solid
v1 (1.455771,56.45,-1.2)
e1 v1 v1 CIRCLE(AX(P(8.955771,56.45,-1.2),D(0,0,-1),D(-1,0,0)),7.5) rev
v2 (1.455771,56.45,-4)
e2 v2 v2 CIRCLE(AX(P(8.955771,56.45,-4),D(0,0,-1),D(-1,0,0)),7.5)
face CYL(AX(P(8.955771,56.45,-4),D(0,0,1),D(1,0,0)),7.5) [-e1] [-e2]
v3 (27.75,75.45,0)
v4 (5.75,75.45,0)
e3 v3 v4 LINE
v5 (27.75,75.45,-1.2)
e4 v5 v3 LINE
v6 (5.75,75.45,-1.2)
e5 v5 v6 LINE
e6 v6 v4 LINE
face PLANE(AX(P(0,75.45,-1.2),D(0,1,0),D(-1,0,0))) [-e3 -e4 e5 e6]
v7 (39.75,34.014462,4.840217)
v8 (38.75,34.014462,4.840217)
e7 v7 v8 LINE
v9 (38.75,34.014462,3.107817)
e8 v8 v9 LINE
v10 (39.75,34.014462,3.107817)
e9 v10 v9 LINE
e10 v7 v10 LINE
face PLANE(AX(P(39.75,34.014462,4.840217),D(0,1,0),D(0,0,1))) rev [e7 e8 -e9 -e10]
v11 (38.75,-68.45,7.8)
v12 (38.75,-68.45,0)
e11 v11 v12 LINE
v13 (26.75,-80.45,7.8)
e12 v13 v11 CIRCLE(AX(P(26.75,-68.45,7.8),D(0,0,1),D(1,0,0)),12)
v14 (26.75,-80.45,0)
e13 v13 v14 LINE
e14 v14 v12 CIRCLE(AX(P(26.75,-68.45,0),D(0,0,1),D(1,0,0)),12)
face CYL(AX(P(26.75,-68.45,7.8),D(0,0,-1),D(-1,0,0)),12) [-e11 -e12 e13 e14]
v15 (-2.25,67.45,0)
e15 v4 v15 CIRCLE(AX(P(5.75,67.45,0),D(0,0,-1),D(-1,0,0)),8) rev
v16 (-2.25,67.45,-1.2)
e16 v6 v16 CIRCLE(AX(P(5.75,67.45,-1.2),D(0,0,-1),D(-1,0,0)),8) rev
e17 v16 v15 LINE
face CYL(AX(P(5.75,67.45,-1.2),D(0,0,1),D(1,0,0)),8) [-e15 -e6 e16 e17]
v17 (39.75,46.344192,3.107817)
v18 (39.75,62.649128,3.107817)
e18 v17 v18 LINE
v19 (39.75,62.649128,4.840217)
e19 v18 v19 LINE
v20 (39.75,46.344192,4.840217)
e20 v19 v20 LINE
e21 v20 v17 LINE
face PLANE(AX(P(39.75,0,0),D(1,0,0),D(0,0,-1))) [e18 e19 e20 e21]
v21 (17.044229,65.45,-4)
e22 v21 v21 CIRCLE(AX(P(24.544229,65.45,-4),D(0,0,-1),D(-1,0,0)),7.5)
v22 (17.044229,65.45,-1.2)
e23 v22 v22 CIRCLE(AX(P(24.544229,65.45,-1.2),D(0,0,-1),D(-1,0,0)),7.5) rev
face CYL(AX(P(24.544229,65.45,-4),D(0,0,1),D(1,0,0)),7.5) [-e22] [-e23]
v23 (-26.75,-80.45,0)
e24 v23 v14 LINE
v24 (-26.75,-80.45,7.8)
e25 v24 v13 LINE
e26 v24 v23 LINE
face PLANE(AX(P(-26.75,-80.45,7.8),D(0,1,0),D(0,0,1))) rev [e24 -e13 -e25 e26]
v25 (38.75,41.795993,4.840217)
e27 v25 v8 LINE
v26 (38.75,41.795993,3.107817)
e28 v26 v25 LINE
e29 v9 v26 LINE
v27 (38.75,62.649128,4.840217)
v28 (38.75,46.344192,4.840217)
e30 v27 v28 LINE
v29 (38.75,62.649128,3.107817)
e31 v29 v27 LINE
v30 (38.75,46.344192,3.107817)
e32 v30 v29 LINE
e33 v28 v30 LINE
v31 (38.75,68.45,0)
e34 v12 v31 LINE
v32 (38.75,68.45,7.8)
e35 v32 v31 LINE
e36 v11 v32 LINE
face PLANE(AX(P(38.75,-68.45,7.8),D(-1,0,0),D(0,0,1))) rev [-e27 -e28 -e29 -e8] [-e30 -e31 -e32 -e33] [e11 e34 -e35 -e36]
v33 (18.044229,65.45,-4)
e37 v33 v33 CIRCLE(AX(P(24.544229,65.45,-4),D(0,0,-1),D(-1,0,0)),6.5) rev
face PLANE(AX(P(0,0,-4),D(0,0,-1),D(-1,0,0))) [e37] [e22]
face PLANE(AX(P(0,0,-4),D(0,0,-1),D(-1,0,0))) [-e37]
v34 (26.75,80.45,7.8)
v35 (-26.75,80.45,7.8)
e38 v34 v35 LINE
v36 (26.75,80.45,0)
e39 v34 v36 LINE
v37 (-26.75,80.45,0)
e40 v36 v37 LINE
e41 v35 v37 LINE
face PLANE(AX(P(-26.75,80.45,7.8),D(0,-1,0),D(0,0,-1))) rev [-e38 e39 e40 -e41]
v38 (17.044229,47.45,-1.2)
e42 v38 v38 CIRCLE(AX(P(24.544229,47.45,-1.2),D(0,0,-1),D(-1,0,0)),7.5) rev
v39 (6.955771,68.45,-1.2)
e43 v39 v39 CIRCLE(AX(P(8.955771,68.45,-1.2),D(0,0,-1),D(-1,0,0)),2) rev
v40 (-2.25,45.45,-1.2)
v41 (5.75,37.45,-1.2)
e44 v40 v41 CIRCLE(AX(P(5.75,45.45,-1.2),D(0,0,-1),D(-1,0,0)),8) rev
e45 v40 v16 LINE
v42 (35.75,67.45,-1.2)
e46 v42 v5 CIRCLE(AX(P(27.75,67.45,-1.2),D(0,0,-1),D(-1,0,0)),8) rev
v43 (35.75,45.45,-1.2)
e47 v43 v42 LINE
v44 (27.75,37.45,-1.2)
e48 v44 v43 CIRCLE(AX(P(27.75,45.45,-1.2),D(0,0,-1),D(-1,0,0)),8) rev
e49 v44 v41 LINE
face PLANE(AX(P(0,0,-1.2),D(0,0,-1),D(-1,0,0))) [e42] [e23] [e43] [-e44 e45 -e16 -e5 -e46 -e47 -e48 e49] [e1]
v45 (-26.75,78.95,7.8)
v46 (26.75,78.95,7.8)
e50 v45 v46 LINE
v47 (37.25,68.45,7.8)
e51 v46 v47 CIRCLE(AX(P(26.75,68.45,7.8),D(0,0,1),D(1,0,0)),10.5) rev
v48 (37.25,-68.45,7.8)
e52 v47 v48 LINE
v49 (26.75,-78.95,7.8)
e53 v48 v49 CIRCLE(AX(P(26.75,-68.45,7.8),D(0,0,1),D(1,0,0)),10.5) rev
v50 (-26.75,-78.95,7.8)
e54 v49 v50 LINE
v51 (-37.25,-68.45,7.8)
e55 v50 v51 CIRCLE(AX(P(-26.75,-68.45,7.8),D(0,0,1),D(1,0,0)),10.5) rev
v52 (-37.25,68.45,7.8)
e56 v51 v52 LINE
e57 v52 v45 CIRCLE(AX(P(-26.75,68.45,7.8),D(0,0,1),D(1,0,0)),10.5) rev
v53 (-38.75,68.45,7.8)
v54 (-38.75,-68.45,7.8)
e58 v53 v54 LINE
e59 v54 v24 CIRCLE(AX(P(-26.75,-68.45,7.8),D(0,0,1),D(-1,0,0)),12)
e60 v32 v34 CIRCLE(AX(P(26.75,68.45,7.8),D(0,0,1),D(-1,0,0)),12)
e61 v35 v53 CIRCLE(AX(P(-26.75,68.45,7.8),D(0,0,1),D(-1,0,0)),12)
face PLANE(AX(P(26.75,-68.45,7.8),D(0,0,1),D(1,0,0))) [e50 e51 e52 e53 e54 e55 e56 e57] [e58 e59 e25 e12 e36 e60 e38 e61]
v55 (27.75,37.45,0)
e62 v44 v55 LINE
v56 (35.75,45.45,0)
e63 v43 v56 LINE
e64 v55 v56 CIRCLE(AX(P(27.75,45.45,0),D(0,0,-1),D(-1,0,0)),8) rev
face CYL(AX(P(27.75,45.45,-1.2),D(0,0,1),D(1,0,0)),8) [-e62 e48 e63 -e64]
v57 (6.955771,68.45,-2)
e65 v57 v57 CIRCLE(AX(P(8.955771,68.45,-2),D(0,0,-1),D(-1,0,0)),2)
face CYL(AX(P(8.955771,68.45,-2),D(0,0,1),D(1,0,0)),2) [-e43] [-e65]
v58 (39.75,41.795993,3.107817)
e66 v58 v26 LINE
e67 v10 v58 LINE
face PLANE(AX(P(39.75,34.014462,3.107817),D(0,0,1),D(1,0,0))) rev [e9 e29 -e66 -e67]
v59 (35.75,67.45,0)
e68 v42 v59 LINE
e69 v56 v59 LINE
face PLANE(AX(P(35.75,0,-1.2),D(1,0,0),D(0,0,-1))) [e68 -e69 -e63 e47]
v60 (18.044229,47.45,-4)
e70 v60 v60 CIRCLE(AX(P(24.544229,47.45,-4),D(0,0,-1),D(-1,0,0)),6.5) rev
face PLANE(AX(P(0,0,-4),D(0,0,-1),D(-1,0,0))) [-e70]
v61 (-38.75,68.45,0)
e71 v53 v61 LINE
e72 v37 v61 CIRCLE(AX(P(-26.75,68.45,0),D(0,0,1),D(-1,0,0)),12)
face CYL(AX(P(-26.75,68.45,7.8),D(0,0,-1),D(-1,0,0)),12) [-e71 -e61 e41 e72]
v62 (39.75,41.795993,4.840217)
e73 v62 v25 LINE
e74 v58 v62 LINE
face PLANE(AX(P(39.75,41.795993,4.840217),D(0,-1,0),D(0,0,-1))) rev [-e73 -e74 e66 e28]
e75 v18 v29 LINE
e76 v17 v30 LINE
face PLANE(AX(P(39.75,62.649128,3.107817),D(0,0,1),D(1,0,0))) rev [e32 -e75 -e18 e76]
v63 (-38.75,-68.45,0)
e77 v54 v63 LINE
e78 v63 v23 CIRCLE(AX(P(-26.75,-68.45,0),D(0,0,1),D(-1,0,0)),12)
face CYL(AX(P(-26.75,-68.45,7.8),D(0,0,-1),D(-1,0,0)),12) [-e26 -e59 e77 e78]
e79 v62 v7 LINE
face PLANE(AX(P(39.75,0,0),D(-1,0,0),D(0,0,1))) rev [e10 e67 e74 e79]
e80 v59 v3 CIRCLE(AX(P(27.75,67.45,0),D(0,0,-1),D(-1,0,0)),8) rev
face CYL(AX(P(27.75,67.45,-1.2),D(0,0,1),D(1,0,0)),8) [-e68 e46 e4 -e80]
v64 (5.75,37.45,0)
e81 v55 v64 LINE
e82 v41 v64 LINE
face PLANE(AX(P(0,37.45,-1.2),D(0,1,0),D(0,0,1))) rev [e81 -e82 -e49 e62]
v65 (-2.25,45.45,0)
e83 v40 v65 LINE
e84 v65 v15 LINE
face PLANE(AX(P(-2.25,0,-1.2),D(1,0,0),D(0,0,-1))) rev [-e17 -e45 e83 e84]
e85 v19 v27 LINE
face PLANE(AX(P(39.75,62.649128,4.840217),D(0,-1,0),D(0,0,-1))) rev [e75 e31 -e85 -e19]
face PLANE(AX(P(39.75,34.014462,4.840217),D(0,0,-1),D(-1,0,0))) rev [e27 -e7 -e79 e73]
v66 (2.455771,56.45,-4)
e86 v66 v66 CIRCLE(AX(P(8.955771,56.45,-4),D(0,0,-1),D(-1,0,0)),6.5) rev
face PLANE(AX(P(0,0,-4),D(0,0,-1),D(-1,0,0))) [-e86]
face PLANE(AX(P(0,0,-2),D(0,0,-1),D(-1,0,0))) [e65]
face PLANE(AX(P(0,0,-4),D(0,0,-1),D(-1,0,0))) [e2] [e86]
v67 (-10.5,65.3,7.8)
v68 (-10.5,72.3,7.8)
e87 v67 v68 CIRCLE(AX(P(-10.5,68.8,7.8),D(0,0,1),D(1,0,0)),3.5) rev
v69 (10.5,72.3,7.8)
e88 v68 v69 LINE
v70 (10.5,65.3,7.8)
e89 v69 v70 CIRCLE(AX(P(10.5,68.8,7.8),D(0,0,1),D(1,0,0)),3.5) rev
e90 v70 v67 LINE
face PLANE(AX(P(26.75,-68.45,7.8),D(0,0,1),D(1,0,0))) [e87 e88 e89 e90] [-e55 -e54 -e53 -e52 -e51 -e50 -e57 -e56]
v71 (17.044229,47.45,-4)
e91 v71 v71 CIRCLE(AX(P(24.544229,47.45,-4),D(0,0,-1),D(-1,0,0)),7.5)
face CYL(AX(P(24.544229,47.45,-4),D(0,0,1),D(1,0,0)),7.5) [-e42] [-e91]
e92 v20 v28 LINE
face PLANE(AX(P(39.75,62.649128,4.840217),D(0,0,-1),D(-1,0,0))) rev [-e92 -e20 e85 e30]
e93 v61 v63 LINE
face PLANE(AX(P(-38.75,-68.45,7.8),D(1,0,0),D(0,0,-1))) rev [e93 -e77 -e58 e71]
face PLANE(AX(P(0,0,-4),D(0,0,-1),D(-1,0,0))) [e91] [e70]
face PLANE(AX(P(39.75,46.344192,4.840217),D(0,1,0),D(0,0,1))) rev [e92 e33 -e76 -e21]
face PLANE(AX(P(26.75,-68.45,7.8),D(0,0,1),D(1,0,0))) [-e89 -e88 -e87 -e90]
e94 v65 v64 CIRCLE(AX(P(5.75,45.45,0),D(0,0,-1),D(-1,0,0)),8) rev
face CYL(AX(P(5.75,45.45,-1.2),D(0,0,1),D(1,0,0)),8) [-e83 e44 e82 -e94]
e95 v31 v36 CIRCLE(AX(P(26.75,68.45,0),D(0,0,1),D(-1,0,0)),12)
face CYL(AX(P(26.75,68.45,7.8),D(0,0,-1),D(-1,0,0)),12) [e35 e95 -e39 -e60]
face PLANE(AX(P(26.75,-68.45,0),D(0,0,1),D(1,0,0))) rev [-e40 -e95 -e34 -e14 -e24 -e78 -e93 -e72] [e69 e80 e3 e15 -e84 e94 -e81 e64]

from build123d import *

# Parameters (mm, degrees)
EXTRUDE_1_DEPTH = 7.8
EXTRUDE_2_DEPTH = 1.2
SKETCH_15_4_R   = 7.5
EXTRUDE_3_DEPTH = 4
SKETCH_15_6_R   = 2
EXTRUDE_5_DEPTH = 2
SKETCH_19_W     = 1.732399473
SKETCH_19_H     = 16.304936216
SKETCH_19_H_2   = 7.781530809
EXTRUDE_6_DEPTH = 1
SKETCH_20_W     = 5.132835337
SKETCH_20_H     = 16.681714846
EXTRUDE_8_DEPTH = 1


with BuildPart() as part:
    # 草图1 → 凸台-拉伸1 (new body)
    with BuildSketch(Plane.XY):
        with BuildLine():
            Line((-26.75, -80.45), (26.75, -80.45))
            ThreePointArc((26.75, -80.45), (35.235281374, -76.935281374), (38.75, -68.45))
            Line((38.75, -68.45), (38.75, 68.45))
            ThreePointArc((38.75, 68.45), (35.235281374, 76.935281374), (26.75, 80.45))
            Line((26.75, 80.45), (-26.75, 80.45))
            ThreePointArc((-26.75, 80.45), (-35.235281374, 76.935281374), (-38.75, 68.45))
            Line((-38.75, 68.45), (-38.75, -68.45))
            ThreePointArc((-38.75, -68.45), (-35.235281374, -76.935281374), (-26.75, -80.45))
        make_face()
    extrude(amount=EXTRUDE_1_DEPTH)

    # 草图15 → 凸台-拉伸2 (add)
    with BuildSketch(Plane(origin=(0, 0, 0), x_dir=(-1, 0, 0), z_dir=(0, 0, -1))):
        with BuildLine():
            Line((-27.75, 37.45), (-5.75, 37.45))
            ThreePointArc((-5.75, 37.45), (-0.093145751, 39.793145751), (2.25, 45.45))
            Line((2.25, 45.45), (2.25, 67.45))
            ThreePointArc((2.25, 67.45), (-0.093145751, 73.106854249), (-5.75, 75.45))
            Line((-5.75, 75.45), (-27.75, 75.45))
            ThreePointArc((-27.75, 75.45), (-33.406854249, 73.106854249), (-35.75, 67.45))
            Line((-35.75, 67.45), (-35.75, 45.45))
            ThreePointArc((-35.75, 45.45), (-33.406854249, 39.793145751), (-27.75, 37.45))
        make_face()
    extrude(amount=EXTRUDE_2_DEPTH)

    # 草图15<4> → 凸台-拉伸3 (add)
    with BuildSketch(Plane(origin=(0, 0, 0), x_dir=(-1, 0, 0), z_dir=(0, 0, -1))):
        with Locations((-24.544228634, 65.45)):
            Circle(SKETCH_15_4_R)
        with Locations((-8.955771366, 56.45)):
            Circle(SKETCH_15_4_R)
        with Locations((-24.544228634, 47.45)):
            Circle(SKETCH_15_4_R)
    extrude(amount=EXTRUDE_3_DEPTH)

    # 草图15<6> → 凸台-拉伸5 (add)
    with BuildSketch(Plane(origin=(0, 0, 0), x_dir=(-1, 0, 0), z_dir=(0, 0, -1))):
        with Locations((-8.955771366, 68.45)):
            Circle(SKETCH_15_6_R)
    extrude(amount=EXTRUDE_5_DEPTH)

    # 草图19 → 凸台-拉伸6 (add)
    with BuildSketch(Plane(origin=(38.75, 0, 0), x_dir=(0, 0, -1), z_dir=(1, 0, 0))):
        with Locations((-3.974017222, 54.496659623)):
            Rectangle(SKETCH_19_W, SKETCH_19_H)
        with Locations((-3.974017222, 37.905227845)):
            Rectangle(SKETCH_19_W, SKETCH_19_H_2)
    extrude(amount=EXTRUDE_6_DEPTH)

    # 草图20 → 凸台-拉伸8 (add)
    with BuildSketch(Plane(origin=(38.75, 0, 0), x_dir=(0, 0, -1), z_dir=(1, 0, 0))):
        with Locations((-4.262343754, -17.460613504)):
            Rectangle(SKETCH_20_W, SKETCH_20_H)
    extrude(amount=-EXTRUDE_8_DEPTH)


solid = part.part
